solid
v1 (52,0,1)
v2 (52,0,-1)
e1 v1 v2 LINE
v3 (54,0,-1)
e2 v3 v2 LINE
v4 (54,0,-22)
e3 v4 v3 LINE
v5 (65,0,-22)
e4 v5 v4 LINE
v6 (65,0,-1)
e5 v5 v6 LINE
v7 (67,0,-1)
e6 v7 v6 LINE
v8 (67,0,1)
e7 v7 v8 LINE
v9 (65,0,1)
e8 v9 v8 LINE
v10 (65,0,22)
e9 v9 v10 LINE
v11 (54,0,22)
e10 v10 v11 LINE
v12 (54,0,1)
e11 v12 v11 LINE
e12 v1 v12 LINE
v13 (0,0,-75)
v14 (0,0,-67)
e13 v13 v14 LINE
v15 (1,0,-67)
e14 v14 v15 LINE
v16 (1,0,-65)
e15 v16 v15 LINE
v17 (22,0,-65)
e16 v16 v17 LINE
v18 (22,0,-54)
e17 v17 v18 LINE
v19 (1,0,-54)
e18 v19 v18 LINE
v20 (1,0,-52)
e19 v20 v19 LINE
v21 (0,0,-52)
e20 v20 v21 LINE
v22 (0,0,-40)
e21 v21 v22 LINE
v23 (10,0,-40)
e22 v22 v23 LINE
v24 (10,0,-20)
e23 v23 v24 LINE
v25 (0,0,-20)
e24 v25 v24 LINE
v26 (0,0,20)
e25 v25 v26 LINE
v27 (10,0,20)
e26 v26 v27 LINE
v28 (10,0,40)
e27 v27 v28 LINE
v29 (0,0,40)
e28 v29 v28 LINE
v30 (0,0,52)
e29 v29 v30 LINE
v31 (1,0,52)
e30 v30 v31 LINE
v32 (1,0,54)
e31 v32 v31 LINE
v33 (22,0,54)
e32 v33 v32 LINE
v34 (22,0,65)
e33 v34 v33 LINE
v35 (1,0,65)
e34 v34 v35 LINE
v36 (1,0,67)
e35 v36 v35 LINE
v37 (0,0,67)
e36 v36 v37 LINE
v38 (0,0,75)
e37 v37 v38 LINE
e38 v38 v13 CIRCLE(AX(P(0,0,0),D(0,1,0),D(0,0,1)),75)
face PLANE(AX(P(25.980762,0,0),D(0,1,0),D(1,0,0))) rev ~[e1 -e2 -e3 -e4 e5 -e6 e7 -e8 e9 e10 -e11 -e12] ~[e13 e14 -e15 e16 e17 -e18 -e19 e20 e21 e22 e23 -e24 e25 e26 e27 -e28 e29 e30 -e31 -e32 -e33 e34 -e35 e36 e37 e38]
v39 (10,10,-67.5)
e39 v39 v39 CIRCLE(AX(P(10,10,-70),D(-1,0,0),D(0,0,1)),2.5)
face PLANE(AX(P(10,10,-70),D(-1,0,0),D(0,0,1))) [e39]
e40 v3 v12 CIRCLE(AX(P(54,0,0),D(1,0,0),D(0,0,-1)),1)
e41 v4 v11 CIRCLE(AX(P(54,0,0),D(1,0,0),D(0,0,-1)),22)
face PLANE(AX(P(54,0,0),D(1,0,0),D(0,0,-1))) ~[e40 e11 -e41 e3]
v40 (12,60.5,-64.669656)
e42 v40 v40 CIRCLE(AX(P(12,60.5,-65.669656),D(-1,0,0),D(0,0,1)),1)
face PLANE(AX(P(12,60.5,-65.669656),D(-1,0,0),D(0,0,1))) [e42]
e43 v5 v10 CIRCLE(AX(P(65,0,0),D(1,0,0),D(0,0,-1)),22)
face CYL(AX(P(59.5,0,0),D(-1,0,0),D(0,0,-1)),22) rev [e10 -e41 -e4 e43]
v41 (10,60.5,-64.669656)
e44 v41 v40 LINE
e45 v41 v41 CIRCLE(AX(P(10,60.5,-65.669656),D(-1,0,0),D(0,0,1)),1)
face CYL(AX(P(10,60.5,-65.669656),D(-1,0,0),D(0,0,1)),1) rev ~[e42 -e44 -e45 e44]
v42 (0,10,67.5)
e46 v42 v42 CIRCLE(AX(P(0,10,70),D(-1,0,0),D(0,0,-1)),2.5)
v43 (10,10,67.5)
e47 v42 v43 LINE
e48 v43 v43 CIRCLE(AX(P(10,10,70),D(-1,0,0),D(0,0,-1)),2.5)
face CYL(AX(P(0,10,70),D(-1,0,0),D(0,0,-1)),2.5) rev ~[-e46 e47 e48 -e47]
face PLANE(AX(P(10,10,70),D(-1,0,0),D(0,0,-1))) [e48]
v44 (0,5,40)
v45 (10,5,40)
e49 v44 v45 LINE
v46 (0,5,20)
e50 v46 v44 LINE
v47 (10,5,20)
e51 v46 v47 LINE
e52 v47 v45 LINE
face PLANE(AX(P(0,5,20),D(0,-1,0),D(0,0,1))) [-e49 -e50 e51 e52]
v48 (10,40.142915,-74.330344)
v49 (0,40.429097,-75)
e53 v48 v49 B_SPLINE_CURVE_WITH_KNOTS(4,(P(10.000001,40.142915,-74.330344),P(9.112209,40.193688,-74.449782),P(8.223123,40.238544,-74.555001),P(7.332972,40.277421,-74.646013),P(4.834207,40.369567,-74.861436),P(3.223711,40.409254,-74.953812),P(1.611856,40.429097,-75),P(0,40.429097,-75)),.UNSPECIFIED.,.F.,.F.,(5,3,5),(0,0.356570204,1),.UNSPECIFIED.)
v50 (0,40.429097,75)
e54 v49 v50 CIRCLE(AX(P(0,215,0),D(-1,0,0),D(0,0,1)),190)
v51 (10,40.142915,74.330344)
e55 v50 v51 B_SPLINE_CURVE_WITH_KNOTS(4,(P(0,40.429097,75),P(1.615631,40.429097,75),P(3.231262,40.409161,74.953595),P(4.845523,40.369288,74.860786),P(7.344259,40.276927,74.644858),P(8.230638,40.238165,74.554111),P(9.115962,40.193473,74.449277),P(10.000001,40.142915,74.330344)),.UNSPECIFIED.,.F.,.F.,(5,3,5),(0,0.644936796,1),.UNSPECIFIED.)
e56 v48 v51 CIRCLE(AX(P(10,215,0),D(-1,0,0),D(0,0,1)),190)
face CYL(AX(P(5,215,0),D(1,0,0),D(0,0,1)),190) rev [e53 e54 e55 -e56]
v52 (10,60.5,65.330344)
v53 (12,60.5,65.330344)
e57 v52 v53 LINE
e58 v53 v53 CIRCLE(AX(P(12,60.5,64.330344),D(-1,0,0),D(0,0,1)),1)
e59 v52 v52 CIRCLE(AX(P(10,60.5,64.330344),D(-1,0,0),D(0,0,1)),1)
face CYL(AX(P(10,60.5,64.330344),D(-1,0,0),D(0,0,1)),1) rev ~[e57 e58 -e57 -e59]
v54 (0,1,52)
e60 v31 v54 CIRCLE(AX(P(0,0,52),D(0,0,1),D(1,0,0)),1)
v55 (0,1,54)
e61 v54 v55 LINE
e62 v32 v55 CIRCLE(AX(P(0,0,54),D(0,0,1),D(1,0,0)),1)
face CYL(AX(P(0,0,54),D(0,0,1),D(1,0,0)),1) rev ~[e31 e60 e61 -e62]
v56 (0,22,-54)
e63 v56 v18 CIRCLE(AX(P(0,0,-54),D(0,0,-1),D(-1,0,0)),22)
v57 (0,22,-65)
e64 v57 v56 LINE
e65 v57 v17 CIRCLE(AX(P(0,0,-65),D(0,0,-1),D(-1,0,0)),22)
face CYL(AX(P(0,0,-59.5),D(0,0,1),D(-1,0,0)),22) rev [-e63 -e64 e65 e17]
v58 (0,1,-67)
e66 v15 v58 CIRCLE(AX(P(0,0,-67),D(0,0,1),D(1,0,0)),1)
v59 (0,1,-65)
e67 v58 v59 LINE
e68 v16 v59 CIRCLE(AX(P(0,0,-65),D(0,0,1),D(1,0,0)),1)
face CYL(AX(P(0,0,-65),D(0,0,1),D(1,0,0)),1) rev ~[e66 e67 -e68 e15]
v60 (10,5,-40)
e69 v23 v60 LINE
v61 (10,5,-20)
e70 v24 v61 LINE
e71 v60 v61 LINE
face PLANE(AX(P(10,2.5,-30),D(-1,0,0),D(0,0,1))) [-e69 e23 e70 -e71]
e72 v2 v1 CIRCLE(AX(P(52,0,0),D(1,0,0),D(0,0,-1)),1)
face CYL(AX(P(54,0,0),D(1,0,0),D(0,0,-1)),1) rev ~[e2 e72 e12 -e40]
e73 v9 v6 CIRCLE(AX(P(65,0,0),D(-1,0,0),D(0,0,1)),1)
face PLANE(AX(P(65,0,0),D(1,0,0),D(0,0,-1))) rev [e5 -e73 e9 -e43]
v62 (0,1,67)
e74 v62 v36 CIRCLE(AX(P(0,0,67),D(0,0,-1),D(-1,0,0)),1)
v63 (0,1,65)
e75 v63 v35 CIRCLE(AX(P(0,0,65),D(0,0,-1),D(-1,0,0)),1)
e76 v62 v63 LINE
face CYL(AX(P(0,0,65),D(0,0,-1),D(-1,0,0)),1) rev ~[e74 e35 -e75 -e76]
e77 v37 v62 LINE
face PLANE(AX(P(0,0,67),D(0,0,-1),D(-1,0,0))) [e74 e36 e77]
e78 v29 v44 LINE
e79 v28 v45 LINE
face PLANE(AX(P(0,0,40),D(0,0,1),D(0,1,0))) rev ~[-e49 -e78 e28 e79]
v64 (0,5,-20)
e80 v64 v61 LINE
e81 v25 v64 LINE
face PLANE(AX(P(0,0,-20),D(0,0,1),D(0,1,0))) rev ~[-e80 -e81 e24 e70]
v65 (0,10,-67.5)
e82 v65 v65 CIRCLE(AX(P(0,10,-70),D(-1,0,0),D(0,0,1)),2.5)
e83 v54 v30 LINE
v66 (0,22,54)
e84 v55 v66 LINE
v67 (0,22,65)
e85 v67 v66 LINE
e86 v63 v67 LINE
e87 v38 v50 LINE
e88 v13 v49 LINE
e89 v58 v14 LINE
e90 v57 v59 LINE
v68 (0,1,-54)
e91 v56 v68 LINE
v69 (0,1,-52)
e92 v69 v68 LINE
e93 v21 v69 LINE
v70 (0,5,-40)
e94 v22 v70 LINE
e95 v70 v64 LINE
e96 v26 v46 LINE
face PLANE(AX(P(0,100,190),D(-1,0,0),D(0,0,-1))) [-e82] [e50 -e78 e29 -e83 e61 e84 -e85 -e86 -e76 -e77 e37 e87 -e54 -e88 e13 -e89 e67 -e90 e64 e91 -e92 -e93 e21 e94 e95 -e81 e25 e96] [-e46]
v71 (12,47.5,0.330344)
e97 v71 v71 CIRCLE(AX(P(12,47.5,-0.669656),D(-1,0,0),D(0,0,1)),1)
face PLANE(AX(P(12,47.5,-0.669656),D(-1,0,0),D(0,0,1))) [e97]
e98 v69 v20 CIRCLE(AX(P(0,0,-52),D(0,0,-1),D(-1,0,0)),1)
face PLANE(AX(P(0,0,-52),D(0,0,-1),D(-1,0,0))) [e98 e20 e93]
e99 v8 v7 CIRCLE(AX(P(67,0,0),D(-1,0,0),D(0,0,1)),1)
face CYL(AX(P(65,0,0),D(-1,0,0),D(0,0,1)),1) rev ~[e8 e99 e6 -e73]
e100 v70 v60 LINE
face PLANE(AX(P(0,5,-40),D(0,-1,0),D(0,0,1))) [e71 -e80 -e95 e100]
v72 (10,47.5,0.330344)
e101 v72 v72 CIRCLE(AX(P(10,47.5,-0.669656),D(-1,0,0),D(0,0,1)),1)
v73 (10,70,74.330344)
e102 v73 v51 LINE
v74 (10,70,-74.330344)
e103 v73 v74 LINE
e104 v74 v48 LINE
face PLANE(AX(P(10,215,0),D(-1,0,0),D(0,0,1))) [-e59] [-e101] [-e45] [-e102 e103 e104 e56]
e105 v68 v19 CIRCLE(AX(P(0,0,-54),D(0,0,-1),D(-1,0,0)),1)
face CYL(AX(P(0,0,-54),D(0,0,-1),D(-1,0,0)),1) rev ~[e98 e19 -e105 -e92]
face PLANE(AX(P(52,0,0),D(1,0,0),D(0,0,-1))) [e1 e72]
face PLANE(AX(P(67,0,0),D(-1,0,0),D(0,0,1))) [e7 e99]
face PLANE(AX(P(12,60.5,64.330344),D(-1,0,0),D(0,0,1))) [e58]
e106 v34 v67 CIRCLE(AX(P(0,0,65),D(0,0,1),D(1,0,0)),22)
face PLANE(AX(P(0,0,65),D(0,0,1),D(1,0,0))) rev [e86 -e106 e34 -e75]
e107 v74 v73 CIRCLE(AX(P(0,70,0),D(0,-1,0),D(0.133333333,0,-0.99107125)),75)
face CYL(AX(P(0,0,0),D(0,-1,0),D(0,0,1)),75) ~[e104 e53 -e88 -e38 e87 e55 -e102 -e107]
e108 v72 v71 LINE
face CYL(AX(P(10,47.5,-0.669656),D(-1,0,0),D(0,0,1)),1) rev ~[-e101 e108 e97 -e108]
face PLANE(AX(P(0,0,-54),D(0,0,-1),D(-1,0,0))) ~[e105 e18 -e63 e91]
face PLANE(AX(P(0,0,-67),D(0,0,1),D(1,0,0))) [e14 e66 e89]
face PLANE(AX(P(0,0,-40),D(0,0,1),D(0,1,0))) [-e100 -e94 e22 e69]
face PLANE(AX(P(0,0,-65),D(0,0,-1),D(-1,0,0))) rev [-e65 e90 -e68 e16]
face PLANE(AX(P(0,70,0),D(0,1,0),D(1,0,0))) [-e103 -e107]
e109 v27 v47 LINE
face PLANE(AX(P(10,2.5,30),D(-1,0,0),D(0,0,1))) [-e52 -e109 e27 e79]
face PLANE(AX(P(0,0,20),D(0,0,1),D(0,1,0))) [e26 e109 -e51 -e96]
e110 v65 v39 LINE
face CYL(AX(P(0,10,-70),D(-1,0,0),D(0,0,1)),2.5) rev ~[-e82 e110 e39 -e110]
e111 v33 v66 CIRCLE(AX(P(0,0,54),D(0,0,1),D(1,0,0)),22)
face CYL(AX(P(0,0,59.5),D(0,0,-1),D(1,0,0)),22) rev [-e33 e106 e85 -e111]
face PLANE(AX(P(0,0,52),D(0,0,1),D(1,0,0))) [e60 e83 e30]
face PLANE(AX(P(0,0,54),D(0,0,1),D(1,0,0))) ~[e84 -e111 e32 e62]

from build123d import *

# Parameters (mm, degrees)
BOSS_EXTRUDE2_DEPTH = 100
SKETCH3_W           = 11
SKETCH3_H           = 22
SKETCH4_R           = 1
CUT_EXTRUDE1_DEPTH  = 2
SKETCH5_R           = 1
CUT_EXTRUDE2_DEPTH  = 2
CIRPATTERN1_COUNT   = 4
SKETCH6_W           = 10
SKETCH6_H           = 190
BOSS_EXTRUDE4_DEPTH = 115
SKETCH10_W          = 10
SKETCH10_H          = 190
SKETCH11_R          = 1
CUT_EXTRUDE3_DEPTH  = 2
SKETCH8_R           = 2.5
SKETCH8_W           = 20
SKETCH8_H           = 5
CUT_EXTRUDE4_DEPTH  = 10
SKETCH12_R          = 75
CUT_EXTRUDE5_DEPTH  = 30


with BuildPart() as part:
    # Sketch1 → Boss-Extrude2 (new body)
    with BuildSketch(Plane(origin=(0, 0, 0), x_dir=(1, 0, 0), z_dir=(0, 1, 0))):
        with BuildLine():
            ThreePointArc((75, 0), (53.033008589, 53.033008589), (0, 75))
            Line((0, 75), (0, -75))
            ThreePointArc((0, -75), (53.033008589, -53.033008589), (75, 0))
        make_face()
    extrude(amount=BOSS_EXTRUDE2_DEPTH)

    # Sketch3 → Cut-Revolve3 (revolve, cut)
    with BuildSketch(Plane(origin=(0, 0, 0), x_dir=(-1, 0, 0), z_dir=(0, -1, 0))):
        with Locations((-59.5, 11)):
            Rectangle(SKETCH3_W, SKETCH3_H)
    cut_revolve3 = revolve(axis=Axis((0, 0, 0), (1, 0, 0)), mode=Mode.SUBTRACT)

    # Sketch4 → Cut-Extrude1 (cut)
    with BuildSketch(Plane.ZY.offset(-65)):
        Circle(SKETCH4_R)
    cut_extrude1 = extrude(amount=-CUT_EXTRUDE1_DEPTH, mode=Mode.SUBTRACT)

    # Sketch5 → Cut-Extrude2 (cut)
    with BuildSketch(Plane(origin=(54, 0, 0), x_dir=(0, 0, -1), z_dir=(1, 0, 0))):
        Circle(SKETCH5_R)
    cut_extrude2 = extrude(amount=-CUT_EXTRUDE2_DEPTH, mode=Mode.SUBTRACT)

    # CirPattern1: Cut-Revolve3, Cut-Extrude1, Cut-Extrude2 ×4 about axis
    cirpattern1_axis = Axis((0, 0, 0), (0, 1, 0))
    add([cut_revolve3.rotate(cirpattern1_axis, i * 360 / CIRPATTERN1_COUNT) for i in range(1, CIRPATTERN1_COUNT)], mode=Mode.SUBTRACT)
    add([cut_extrude1.rotate(cirpattern1_axis, i * 360 / CIRPATTERN1_COUNT) for i in range(1, CIRPATTERN1_COUNT)], mode=Mode.SUBTRACT)
    add([cut_extrude2.rotate(cirpattern1_axis, i * 360 / CIRPATTERN1_COUNT) for i in range(1, CIRPATTERN1_COUNT)], mode=Mode.SUBTRACT)

    # Sketch6 → Boss-Extrude4 (add)
    with BuildSketch(Plane(origin=(0, 100, 0), x_dir=(1, 0, 0), z_dir=(0, 1, 0))):
        with Locations((5, -95)):
            Rectangle(SKETCH6_W, SKETCH6_H)
    extrude(amount=BOSS_EXTRUDE4_DEPTH)

    # Sketch10 → Cut-Revolve4 (revolve, cut)
    with BuildSketch(Plane(origin=(0, 215, 0), x_dir=(1, 0, 0), z_dir=(0, 1, 0))):
        with Locations((5, -95)):
            Rectangle(SKETCH10_W, SKETCH10_H)
    revolve(axis=Axis((10, 215, 0), (-1, 0, 0)), mode=Mode.SUBTRACT)


with BuildPart() as cut_revolve4_kept_piece:
    # of the separate pieces the step leaves, the one the design keeps (cut_revolve4_pieces_kept)
    add(part.part.solids().sort_by_distance((0, 0, 75))[0])

    # Sketch11 → Cut-Extrude3 (cut)
    with BuildSketch(Plane.ZY.offset(-10)):
        with Locations((-0.669656263, 47.5)):
            Circle(SKETCH11_R)
        with Locations((-65.669656263, 60.5)):
            Circle(SKETCH11_R)
        with Locations((64.330343737, 60.5)):
            Circle(SKETCH11_R)
    extrude(amount=-CUT_EXTRUDE3_DEPTH, mode=Mode.SUBTRACT)

    # Sketch8 → Cut-Extrude4 (cut)
    with BuildSketch(Plane.ZY):
        with Locations((-70, 10)):
            Circle(SKETCH8_R)
        with Locations(Location((70, 10, 0), (0, 0, 180))):
            Circle(SKETCH8_R)
        with Locations((-30, 2.5)):
            Rectangle(SKETCH8_W, SKETCH8_H)
        with Locations((30, 2.5)):
            Rectangle(SKETCH8_W, SKETCH8_H)
    extrude(amount=-CUT_EXTRUDE4_DEPTH, mode=Mode.SUBTRACT)

    # Sketch12 → Cut-Extrude5 (cut)
    with BuildSketch(Plane(origin=(0, 100, 0), x_dir=(1, 0, 0), z_dir=(0, 1, 0))):
        Circle(SKETCH12_R)
    extrude(amount=-CUT_EXTRUDE5_DEPTH, mode=Mode.SUBTRACT)


solid = cut_revolve4_kept_piece.part
